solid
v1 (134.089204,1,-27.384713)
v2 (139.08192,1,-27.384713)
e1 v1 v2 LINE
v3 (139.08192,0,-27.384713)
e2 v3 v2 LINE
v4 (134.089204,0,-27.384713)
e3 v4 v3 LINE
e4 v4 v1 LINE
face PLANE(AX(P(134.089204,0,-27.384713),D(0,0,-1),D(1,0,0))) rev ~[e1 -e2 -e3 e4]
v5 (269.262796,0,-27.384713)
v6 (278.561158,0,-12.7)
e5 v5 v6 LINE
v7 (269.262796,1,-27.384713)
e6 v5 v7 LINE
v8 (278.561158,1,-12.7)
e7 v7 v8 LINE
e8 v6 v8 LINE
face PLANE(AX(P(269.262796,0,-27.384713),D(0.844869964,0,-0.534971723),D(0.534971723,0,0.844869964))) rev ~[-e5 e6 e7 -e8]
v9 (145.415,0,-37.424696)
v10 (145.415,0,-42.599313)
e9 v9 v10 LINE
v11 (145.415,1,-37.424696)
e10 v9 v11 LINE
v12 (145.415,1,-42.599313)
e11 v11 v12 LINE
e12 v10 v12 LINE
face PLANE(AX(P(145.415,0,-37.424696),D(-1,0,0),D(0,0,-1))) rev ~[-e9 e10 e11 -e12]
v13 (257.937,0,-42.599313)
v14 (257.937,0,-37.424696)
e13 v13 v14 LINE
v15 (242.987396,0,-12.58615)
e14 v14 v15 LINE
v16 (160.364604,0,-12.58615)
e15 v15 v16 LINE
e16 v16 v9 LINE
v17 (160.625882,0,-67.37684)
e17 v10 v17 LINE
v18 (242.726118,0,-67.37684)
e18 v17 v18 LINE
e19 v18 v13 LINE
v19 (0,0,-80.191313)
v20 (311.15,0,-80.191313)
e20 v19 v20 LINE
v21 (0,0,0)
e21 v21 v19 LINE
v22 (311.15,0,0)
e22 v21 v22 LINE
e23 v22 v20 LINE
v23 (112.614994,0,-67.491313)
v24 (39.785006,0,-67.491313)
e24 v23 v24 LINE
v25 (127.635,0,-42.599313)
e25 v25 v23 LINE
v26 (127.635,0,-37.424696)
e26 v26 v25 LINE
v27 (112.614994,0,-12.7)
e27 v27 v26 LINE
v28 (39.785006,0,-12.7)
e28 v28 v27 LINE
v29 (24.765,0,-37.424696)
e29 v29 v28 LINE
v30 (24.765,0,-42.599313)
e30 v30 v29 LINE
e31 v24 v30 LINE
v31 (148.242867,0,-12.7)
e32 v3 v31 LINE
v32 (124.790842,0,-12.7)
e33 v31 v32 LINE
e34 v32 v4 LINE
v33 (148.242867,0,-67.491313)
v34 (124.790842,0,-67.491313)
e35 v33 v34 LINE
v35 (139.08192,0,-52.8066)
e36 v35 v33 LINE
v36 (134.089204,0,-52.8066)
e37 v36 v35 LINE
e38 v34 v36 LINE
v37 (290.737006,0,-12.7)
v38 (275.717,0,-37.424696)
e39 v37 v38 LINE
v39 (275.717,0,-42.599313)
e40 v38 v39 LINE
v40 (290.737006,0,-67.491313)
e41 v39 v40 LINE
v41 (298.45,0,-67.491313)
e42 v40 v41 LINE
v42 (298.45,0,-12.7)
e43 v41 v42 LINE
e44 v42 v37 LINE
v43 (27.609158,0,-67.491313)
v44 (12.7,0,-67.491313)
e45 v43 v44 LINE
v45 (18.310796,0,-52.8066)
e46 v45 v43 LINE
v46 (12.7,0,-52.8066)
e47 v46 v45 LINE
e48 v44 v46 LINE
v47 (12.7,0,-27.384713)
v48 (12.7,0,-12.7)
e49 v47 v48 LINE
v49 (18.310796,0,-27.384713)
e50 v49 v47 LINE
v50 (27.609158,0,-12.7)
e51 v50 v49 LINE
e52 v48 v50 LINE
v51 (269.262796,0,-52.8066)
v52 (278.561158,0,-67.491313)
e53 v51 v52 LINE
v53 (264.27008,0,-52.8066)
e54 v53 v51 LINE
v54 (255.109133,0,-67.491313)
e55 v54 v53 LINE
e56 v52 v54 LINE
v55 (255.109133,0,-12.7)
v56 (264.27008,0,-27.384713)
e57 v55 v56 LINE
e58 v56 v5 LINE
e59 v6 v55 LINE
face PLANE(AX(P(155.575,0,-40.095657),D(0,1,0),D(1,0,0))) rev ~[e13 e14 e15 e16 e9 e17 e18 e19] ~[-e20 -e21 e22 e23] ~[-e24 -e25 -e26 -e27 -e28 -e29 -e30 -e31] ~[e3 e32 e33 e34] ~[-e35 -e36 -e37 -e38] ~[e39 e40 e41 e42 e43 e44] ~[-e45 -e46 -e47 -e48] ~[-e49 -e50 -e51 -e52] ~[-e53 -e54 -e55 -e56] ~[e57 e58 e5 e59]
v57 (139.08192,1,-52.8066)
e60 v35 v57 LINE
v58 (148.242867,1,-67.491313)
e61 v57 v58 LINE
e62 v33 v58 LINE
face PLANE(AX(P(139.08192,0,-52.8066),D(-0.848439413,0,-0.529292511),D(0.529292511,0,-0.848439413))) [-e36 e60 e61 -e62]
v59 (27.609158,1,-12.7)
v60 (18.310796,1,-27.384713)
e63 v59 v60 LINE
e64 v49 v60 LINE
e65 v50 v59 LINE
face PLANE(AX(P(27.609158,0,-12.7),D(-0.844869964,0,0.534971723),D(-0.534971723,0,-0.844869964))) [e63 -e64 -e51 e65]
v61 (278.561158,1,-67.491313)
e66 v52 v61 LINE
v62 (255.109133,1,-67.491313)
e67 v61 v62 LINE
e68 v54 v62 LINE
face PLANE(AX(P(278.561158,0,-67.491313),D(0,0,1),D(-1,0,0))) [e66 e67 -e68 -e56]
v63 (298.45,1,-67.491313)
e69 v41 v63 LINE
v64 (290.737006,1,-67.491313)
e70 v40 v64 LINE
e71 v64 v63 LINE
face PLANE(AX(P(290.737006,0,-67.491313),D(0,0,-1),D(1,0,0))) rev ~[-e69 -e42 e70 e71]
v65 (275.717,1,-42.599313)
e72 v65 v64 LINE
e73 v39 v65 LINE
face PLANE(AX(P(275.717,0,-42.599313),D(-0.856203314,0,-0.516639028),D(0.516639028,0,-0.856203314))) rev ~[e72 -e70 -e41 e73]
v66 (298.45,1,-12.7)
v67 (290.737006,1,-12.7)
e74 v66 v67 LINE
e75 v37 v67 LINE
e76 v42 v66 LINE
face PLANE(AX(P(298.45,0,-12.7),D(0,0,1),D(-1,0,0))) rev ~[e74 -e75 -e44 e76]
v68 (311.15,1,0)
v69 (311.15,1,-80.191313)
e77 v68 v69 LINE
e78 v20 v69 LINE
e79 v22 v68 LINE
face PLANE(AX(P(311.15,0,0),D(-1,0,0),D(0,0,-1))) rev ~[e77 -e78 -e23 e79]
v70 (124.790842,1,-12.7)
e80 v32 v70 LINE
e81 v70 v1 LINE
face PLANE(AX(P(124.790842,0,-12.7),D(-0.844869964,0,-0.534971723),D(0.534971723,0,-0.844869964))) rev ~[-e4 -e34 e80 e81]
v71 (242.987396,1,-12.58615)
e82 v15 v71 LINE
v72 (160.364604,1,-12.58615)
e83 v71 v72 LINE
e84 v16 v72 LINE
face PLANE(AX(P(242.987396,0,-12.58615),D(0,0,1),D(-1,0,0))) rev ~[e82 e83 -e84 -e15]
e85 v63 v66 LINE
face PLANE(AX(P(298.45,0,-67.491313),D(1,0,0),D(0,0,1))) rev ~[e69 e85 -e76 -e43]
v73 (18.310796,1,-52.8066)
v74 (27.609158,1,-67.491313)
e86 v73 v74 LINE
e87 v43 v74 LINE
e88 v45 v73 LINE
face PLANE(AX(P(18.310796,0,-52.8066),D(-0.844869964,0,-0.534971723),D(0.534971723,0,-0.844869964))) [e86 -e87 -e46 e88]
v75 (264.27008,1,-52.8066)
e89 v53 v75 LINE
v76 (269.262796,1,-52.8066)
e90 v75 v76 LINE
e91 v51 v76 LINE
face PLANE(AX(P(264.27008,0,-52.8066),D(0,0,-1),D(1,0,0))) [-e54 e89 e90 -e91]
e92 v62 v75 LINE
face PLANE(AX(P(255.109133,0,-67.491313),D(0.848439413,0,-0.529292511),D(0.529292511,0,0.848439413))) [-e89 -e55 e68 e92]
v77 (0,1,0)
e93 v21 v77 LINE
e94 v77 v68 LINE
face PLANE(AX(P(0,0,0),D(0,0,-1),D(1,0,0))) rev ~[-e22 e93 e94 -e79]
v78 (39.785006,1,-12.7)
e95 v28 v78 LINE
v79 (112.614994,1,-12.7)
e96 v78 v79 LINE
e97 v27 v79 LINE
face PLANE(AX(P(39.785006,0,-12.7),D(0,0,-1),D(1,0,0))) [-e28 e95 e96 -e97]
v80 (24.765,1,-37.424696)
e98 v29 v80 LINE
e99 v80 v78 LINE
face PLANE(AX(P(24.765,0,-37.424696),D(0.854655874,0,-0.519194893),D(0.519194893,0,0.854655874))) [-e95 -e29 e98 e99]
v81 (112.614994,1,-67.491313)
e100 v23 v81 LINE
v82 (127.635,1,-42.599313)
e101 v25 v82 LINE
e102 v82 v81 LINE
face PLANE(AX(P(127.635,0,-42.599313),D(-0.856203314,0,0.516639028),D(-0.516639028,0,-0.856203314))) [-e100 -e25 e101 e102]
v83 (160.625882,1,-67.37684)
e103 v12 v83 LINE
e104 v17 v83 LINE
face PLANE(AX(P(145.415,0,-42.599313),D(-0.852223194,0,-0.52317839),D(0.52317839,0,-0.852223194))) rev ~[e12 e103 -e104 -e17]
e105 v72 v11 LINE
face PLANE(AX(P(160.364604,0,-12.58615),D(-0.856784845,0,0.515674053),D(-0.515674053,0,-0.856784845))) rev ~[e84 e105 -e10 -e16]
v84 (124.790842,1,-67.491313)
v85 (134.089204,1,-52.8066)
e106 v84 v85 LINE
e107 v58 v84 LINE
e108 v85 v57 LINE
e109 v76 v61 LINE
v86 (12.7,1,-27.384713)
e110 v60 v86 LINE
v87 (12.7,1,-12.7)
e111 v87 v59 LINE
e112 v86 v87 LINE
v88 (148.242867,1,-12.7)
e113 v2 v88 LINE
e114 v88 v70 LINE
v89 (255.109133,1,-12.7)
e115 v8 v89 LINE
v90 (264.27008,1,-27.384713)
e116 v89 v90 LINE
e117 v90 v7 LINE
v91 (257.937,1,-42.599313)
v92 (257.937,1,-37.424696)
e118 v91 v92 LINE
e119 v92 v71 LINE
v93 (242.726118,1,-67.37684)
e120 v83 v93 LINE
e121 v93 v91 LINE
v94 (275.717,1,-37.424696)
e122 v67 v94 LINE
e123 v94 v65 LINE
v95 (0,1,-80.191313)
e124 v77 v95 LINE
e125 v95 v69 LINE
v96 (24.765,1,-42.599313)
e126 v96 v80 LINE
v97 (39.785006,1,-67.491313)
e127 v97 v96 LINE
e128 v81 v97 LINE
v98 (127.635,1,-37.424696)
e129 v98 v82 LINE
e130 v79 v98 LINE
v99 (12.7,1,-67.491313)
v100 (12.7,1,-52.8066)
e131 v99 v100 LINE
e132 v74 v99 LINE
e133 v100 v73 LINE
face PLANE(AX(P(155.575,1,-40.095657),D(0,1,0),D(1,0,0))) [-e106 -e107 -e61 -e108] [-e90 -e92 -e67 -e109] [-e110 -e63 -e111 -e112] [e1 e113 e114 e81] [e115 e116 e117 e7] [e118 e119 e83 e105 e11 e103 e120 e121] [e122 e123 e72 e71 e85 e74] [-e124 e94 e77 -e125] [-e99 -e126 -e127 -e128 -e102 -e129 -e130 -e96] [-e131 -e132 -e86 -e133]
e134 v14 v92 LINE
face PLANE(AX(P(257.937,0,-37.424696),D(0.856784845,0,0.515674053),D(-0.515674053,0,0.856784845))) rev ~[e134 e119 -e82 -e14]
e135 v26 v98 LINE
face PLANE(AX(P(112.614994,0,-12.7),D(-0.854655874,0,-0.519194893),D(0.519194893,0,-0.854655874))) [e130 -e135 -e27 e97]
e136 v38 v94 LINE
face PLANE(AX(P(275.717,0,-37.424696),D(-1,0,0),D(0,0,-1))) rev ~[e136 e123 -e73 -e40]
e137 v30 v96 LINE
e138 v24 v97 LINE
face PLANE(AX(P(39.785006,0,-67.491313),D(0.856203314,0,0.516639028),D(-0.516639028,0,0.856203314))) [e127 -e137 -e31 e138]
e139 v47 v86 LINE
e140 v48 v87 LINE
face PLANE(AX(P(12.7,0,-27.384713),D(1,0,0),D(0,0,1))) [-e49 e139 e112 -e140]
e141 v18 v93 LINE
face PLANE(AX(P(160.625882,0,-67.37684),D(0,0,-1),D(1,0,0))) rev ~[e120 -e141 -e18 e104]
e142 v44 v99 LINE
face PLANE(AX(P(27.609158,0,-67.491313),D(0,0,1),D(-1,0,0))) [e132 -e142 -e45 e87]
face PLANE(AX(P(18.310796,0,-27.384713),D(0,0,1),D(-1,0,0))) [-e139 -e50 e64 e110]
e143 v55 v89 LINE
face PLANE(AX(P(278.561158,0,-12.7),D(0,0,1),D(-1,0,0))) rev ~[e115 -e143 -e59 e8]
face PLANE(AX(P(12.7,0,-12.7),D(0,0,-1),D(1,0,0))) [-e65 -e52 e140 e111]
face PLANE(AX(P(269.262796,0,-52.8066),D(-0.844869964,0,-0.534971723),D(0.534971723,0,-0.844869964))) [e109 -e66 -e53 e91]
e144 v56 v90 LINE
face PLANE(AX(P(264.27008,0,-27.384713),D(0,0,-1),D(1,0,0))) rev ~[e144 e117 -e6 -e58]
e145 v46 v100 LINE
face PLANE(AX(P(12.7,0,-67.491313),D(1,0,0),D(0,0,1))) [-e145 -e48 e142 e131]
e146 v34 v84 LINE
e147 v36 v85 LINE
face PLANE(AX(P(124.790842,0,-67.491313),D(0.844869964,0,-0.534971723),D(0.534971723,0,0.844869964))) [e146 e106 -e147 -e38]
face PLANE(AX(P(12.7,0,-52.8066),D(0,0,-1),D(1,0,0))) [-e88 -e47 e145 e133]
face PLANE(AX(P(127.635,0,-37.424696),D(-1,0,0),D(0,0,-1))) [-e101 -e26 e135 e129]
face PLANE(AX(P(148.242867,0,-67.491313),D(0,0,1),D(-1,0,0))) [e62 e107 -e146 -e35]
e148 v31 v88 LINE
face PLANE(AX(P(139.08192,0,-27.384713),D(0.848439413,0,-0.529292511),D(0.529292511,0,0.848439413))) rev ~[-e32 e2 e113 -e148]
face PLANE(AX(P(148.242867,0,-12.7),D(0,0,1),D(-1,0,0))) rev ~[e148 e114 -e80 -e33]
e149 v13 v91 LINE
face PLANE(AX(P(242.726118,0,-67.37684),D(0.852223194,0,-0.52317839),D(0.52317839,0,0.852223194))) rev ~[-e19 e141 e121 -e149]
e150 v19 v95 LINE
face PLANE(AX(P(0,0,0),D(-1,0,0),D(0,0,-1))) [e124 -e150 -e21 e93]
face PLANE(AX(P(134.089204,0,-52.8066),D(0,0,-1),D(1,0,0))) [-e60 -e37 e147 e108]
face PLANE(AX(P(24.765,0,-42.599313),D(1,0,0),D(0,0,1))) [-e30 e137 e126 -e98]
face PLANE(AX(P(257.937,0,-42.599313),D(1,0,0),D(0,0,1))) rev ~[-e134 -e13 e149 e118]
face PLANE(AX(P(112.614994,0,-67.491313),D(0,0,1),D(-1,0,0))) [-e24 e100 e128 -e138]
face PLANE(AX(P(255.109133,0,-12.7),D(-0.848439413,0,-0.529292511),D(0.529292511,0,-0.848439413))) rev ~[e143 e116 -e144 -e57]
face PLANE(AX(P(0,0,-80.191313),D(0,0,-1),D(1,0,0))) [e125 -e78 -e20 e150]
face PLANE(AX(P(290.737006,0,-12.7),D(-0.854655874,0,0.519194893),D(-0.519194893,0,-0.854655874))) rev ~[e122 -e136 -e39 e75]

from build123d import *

# Parameters (mm, degrees)
SKETCH1_W           = 311.15
SKETCH1_H           = 80.191313252
BOSS_EXTRUDE1_DEPTH = 1


with BuildPart() as part:
    # Sketch1 → Boss-Extrude1 (new body)
    with BuildSketch(Plane(origin=(0, 0, 0), x_dir=(1, 0, 0), z_dir=(0, 1, 0))):
        with Locations((155.575, 40.095656626)):
            Rectangle(SKETCH1_W, SKETCH1_H)
        Polygon((12.7, 52.8066), (18.310796472, 52.8066), (27.609157985, 67.491313252), (12.7, 67.491313252), align=None, mode=Mode.SUBTRACT)
        Polygon((12.7, 12.7), (27.609157985, 12.7), (18.310796472, 27.384713252), (12.7, 27.384713252), align=None, mode=Mode.SUBTRACT)
        Polygon((39.78500573, 12.7), (112.61499427, 12.7), (127.635, 37.424696429), (127.635, 42.599313252), (112.61499427, 67.491313252), (39.78500573, 67.491313252), (24.765, 42.599313252), (24.765, 37.424696429), align=None, mode=Mode.SUBTRACT)
        Polygon((134.089203528, 27.384713252), (139.081919808, 27.384713252), (148.242867112, 12.7), (124.790842015, 12.7), align=None, mode=Mode.SUBTRACT)
        Polygon((124.790842015, 67.491313252), (134.089203528, 52.8066), (139.081919808, 52.8066), (148.242867112, 67.491313252), align=None, mode=Mode.SUBTRACT)
        Polygon((160.625882169, 67.376840045), (242.726117831, 67.376840045), (257.937, 42.599313252), (257.937, 37.424696429), (242.987396137, 12.586149763), (160.364603863, 12.586149763), (145.415, 37.424696429), (145.415, 42.599313252), align=None, mode=Mode.SUBTRACT)
        Polygon((255.109132888, 67.491313252), (264.270080192, 52.8066), (269.262796472, 52.8066), (278.561157985, 67.491313252), align=None, mode=Mode.SUBTRACT)
        Polygon((264.270080192, 27.384713252), (269.262796472, 27.384713252), (278.561157985, 12.7), (255.109132888, 12.7), align=None, mode=Mode.SUBTRACT)
        Polygon((298.45, 67.491313252), (298.45, 12.7), (290.73700573, 12.7), (275.717, 37.424696429), (275.717, 42.599313252), (290.73700573, 67.491313252), align=None, mode=Mode.SUBTRACT)
    extrude(amount=BOSS_EXTRUDE1_DEPTH)


solid = part.part
